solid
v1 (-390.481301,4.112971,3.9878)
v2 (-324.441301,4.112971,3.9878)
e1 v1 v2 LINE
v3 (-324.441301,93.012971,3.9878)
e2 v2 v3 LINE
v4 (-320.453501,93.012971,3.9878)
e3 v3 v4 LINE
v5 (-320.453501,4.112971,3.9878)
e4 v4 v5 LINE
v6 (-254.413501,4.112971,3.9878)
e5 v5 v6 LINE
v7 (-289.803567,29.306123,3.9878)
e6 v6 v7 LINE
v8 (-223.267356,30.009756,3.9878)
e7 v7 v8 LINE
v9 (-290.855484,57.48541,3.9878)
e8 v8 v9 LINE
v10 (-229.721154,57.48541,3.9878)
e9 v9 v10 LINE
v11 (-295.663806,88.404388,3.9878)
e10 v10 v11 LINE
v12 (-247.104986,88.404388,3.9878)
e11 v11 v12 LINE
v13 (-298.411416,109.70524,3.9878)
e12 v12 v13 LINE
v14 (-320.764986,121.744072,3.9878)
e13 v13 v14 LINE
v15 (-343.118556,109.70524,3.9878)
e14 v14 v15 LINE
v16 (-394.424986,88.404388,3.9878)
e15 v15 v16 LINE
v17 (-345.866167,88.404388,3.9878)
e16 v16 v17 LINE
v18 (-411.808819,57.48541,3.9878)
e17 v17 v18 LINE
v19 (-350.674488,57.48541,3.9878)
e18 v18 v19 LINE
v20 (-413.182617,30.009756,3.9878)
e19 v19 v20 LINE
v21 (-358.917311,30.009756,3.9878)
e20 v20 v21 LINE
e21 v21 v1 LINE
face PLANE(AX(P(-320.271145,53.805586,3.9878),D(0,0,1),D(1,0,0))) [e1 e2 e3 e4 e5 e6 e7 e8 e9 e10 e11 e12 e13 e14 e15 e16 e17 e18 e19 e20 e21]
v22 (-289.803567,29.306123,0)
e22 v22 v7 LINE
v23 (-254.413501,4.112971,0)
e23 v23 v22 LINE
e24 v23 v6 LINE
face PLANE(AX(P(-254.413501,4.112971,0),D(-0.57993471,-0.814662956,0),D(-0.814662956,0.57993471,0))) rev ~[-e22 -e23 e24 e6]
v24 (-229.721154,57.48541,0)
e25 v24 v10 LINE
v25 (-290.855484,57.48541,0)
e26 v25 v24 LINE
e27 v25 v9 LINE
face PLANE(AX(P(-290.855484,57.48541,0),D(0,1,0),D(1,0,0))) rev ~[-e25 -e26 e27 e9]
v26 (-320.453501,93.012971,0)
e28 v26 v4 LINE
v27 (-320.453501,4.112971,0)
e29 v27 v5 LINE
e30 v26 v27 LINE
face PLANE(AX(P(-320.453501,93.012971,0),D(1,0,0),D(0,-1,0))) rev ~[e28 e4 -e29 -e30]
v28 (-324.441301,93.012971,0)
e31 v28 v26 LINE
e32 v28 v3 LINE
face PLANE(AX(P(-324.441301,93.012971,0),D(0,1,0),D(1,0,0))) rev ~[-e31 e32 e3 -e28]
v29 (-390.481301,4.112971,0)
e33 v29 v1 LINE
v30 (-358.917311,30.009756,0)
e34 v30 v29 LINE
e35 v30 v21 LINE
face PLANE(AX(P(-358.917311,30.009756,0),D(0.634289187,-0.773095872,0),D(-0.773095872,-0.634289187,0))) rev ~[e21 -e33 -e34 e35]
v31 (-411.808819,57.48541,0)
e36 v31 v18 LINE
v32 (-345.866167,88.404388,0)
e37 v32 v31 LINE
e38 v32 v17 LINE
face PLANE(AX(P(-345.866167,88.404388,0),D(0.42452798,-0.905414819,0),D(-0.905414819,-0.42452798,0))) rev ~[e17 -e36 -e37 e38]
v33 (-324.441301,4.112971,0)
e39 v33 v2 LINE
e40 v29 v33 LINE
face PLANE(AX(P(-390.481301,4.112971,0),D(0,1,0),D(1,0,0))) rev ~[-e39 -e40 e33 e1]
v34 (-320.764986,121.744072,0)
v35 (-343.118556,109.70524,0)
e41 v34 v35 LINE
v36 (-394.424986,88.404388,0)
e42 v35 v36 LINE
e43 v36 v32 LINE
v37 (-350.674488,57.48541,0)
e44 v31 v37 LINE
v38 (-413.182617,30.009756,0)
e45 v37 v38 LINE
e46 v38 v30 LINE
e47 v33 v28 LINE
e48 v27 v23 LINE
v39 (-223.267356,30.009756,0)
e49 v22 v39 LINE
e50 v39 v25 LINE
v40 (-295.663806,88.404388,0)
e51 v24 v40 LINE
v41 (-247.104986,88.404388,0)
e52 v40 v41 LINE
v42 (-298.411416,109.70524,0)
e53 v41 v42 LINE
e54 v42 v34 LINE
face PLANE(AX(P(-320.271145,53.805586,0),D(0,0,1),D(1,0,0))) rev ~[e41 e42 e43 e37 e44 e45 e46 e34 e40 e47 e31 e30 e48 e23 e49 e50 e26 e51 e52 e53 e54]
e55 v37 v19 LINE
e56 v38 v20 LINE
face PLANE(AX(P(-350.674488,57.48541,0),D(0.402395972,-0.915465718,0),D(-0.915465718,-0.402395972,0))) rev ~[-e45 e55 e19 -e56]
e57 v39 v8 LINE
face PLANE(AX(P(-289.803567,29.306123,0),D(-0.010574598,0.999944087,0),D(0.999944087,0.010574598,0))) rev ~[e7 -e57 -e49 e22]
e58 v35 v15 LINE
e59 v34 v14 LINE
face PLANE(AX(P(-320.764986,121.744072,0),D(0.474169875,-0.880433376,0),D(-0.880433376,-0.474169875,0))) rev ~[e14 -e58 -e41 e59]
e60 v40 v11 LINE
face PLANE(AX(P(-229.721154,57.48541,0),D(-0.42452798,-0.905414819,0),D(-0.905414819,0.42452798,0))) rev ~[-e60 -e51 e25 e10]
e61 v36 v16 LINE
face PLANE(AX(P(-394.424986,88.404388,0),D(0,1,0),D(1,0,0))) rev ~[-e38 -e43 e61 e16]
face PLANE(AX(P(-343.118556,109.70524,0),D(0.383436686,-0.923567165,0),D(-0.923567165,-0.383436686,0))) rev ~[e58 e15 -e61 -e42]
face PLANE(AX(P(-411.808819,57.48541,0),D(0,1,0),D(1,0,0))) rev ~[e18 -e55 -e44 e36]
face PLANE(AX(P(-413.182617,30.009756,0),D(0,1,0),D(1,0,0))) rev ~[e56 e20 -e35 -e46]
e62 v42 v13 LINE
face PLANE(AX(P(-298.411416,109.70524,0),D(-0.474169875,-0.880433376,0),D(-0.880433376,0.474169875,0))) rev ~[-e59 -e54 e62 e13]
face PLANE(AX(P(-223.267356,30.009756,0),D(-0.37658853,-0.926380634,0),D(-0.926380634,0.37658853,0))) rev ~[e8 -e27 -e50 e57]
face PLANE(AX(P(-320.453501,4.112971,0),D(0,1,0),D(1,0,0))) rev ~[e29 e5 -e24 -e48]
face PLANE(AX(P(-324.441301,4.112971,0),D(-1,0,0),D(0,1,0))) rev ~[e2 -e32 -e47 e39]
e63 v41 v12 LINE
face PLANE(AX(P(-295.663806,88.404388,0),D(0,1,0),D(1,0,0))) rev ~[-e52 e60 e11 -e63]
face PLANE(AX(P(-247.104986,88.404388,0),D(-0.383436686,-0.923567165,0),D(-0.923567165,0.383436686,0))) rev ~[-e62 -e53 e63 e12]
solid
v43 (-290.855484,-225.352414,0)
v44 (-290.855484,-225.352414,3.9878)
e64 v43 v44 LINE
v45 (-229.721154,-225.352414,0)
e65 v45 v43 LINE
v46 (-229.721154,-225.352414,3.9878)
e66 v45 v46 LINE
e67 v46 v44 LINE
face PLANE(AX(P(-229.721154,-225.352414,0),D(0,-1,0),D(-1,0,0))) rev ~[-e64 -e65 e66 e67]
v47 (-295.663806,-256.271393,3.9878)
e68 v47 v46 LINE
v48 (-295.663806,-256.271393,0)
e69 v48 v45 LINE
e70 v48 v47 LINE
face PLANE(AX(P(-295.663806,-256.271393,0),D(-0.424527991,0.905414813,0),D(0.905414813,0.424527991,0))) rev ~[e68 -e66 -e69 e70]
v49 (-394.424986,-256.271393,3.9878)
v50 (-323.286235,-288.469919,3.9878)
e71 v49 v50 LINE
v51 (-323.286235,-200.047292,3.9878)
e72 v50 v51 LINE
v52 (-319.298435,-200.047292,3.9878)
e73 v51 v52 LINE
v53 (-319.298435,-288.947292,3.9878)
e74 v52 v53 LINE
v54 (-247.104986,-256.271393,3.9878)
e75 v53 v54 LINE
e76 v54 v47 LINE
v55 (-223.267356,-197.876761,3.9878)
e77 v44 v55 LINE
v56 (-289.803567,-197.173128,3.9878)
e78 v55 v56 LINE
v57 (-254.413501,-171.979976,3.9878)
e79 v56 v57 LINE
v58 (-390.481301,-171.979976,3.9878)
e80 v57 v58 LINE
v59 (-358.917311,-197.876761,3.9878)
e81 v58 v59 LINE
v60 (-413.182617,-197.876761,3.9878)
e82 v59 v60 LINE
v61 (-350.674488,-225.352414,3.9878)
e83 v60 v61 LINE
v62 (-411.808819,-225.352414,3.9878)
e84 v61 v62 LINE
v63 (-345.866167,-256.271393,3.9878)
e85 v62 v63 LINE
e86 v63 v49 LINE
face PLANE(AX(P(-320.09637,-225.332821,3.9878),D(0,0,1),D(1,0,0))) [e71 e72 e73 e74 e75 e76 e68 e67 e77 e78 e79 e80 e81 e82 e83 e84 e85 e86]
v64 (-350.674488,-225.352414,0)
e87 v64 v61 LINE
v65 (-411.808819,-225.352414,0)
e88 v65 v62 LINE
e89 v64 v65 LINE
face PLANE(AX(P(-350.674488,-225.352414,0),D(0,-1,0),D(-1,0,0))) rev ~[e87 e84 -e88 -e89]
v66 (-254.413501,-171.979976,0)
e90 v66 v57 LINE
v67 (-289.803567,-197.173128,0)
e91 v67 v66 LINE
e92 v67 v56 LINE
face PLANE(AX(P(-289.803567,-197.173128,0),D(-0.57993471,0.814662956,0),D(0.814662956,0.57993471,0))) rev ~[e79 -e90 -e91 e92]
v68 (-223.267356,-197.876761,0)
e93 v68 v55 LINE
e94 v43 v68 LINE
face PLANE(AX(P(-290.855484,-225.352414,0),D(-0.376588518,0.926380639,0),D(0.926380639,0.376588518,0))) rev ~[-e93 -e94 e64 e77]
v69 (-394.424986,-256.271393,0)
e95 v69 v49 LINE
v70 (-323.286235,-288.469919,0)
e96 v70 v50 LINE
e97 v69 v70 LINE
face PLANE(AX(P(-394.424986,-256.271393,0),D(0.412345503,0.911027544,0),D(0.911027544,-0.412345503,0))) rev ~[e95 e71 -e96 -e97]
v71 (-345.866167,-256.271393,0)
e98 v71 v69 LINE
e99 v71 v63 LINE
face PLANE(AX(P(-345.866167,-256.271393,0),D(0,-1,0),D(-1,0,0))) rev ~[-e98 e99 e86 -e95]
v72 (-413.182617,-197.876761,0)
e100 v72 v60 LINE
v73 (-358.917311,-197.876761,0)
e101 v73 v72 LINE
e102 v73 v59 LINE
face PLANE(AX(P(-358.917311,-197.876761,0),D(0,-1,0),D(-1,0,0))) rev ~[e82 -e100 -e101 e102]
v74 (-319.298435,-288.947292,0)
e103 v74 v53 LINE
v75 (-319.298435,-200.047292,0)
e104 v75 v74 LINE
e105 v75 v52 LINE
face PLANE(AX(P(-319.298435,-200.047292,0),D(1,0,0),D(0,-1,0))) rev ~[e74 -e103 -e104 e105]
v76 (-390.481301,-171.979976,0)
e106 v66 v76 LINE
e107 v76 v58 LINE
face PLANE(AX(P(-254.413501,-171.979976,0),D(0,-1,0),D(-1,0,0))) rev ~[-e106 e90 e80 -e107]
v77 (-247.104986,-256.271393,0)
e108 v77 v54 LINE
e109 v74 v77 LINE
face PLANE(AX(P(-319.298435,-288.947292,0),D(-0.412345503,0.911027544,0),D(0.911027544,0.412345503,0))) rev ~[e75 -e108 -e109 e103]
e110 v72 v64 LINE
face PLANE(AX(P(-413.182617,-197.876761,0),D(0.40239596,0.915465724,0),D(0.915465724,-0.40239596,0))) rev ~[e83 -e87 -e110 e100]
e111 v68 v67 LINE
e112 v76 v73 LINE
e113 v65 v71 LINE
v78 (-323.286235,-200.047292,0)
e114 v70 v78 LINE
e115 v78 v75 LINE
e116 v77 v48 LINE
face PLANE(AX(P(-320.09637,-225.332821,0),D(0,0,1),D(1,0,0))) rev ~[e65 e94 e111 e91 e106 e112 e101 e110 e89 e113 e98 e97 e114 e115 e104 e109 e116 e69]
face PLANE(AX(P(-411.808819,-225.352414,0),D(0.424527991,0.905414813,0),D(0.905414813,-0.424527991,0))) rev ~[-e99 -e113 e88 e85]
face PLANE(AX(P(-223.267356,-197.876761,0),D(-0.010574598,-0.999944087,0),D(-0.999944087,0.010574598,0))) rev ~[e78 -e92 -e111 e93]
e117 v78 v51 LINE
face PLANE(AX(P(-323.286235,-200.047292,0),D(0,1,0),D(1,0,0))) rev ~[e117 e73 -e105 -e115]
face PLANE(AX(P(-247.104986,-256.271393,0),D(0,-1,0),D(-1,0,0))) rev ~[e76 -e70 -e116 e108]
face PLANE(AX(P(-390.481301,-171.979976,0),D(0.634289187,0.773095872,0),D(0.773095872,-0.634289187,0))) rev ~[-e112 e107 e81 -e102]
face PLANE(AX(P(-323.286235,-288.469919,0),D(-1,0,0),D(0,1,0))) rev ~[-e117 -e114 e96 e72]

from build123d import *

# Parameters (mm, degrees)
F1_DEPTH = 3.9878


with BuildPart() as f1:
    # F0 (on Top) → F1 (new body)
    with BuildSketch(Plane.XY):
        Polygon((-295.663806, 88.404388), (-247.104986, 88.404388), (-298.411416, 109.70524), (-320.764986, 121.744072), (-343.118556, 109.70524), (-394.424986, 88.404388), (-345.866167, 88.404388), (-411.808819, 57.48541), (-350.674488, 57.48541), (-413.182617, 30.009756), (-358.917311, 30.009756), (-390.481301, 4.112971), (-324.441301, 4.112971), (-324.441301, 93.012971), (-320.453501, 93.012971), (-320.453501, 4.112971), (-254.413501, 4.112971), (-289.803567, 29.306123), (-223.267356, 30.009756), (-290.855484, 57.48541), (-229.721154, 57.48541), align=None)
        Polygon((-411.808819, -225.352414), (-345.866167, -256.271393), (-394.424986, -256.271393), (-323.286235, -288.469919), (-323.286235, -200.047292), (-319.298435, -200.047292), (-319.298435, -288.947292), (-247.104986, -256.271393), (-295.663806, -256.271393), (-229.721154, -225.352414), (-290.855484, -225.352414), (-223.267356, -197.876761), (-289.803567, -197.173128), (-254.413501, -171.979976), (-390.481301, -171.979976), (-358.917311, -197.876761), (-413.182617, -197.876761), (-350.674488, -225.352414), align=None)
    extrude(amount=F1_DEPTH)


solid = f1.part
